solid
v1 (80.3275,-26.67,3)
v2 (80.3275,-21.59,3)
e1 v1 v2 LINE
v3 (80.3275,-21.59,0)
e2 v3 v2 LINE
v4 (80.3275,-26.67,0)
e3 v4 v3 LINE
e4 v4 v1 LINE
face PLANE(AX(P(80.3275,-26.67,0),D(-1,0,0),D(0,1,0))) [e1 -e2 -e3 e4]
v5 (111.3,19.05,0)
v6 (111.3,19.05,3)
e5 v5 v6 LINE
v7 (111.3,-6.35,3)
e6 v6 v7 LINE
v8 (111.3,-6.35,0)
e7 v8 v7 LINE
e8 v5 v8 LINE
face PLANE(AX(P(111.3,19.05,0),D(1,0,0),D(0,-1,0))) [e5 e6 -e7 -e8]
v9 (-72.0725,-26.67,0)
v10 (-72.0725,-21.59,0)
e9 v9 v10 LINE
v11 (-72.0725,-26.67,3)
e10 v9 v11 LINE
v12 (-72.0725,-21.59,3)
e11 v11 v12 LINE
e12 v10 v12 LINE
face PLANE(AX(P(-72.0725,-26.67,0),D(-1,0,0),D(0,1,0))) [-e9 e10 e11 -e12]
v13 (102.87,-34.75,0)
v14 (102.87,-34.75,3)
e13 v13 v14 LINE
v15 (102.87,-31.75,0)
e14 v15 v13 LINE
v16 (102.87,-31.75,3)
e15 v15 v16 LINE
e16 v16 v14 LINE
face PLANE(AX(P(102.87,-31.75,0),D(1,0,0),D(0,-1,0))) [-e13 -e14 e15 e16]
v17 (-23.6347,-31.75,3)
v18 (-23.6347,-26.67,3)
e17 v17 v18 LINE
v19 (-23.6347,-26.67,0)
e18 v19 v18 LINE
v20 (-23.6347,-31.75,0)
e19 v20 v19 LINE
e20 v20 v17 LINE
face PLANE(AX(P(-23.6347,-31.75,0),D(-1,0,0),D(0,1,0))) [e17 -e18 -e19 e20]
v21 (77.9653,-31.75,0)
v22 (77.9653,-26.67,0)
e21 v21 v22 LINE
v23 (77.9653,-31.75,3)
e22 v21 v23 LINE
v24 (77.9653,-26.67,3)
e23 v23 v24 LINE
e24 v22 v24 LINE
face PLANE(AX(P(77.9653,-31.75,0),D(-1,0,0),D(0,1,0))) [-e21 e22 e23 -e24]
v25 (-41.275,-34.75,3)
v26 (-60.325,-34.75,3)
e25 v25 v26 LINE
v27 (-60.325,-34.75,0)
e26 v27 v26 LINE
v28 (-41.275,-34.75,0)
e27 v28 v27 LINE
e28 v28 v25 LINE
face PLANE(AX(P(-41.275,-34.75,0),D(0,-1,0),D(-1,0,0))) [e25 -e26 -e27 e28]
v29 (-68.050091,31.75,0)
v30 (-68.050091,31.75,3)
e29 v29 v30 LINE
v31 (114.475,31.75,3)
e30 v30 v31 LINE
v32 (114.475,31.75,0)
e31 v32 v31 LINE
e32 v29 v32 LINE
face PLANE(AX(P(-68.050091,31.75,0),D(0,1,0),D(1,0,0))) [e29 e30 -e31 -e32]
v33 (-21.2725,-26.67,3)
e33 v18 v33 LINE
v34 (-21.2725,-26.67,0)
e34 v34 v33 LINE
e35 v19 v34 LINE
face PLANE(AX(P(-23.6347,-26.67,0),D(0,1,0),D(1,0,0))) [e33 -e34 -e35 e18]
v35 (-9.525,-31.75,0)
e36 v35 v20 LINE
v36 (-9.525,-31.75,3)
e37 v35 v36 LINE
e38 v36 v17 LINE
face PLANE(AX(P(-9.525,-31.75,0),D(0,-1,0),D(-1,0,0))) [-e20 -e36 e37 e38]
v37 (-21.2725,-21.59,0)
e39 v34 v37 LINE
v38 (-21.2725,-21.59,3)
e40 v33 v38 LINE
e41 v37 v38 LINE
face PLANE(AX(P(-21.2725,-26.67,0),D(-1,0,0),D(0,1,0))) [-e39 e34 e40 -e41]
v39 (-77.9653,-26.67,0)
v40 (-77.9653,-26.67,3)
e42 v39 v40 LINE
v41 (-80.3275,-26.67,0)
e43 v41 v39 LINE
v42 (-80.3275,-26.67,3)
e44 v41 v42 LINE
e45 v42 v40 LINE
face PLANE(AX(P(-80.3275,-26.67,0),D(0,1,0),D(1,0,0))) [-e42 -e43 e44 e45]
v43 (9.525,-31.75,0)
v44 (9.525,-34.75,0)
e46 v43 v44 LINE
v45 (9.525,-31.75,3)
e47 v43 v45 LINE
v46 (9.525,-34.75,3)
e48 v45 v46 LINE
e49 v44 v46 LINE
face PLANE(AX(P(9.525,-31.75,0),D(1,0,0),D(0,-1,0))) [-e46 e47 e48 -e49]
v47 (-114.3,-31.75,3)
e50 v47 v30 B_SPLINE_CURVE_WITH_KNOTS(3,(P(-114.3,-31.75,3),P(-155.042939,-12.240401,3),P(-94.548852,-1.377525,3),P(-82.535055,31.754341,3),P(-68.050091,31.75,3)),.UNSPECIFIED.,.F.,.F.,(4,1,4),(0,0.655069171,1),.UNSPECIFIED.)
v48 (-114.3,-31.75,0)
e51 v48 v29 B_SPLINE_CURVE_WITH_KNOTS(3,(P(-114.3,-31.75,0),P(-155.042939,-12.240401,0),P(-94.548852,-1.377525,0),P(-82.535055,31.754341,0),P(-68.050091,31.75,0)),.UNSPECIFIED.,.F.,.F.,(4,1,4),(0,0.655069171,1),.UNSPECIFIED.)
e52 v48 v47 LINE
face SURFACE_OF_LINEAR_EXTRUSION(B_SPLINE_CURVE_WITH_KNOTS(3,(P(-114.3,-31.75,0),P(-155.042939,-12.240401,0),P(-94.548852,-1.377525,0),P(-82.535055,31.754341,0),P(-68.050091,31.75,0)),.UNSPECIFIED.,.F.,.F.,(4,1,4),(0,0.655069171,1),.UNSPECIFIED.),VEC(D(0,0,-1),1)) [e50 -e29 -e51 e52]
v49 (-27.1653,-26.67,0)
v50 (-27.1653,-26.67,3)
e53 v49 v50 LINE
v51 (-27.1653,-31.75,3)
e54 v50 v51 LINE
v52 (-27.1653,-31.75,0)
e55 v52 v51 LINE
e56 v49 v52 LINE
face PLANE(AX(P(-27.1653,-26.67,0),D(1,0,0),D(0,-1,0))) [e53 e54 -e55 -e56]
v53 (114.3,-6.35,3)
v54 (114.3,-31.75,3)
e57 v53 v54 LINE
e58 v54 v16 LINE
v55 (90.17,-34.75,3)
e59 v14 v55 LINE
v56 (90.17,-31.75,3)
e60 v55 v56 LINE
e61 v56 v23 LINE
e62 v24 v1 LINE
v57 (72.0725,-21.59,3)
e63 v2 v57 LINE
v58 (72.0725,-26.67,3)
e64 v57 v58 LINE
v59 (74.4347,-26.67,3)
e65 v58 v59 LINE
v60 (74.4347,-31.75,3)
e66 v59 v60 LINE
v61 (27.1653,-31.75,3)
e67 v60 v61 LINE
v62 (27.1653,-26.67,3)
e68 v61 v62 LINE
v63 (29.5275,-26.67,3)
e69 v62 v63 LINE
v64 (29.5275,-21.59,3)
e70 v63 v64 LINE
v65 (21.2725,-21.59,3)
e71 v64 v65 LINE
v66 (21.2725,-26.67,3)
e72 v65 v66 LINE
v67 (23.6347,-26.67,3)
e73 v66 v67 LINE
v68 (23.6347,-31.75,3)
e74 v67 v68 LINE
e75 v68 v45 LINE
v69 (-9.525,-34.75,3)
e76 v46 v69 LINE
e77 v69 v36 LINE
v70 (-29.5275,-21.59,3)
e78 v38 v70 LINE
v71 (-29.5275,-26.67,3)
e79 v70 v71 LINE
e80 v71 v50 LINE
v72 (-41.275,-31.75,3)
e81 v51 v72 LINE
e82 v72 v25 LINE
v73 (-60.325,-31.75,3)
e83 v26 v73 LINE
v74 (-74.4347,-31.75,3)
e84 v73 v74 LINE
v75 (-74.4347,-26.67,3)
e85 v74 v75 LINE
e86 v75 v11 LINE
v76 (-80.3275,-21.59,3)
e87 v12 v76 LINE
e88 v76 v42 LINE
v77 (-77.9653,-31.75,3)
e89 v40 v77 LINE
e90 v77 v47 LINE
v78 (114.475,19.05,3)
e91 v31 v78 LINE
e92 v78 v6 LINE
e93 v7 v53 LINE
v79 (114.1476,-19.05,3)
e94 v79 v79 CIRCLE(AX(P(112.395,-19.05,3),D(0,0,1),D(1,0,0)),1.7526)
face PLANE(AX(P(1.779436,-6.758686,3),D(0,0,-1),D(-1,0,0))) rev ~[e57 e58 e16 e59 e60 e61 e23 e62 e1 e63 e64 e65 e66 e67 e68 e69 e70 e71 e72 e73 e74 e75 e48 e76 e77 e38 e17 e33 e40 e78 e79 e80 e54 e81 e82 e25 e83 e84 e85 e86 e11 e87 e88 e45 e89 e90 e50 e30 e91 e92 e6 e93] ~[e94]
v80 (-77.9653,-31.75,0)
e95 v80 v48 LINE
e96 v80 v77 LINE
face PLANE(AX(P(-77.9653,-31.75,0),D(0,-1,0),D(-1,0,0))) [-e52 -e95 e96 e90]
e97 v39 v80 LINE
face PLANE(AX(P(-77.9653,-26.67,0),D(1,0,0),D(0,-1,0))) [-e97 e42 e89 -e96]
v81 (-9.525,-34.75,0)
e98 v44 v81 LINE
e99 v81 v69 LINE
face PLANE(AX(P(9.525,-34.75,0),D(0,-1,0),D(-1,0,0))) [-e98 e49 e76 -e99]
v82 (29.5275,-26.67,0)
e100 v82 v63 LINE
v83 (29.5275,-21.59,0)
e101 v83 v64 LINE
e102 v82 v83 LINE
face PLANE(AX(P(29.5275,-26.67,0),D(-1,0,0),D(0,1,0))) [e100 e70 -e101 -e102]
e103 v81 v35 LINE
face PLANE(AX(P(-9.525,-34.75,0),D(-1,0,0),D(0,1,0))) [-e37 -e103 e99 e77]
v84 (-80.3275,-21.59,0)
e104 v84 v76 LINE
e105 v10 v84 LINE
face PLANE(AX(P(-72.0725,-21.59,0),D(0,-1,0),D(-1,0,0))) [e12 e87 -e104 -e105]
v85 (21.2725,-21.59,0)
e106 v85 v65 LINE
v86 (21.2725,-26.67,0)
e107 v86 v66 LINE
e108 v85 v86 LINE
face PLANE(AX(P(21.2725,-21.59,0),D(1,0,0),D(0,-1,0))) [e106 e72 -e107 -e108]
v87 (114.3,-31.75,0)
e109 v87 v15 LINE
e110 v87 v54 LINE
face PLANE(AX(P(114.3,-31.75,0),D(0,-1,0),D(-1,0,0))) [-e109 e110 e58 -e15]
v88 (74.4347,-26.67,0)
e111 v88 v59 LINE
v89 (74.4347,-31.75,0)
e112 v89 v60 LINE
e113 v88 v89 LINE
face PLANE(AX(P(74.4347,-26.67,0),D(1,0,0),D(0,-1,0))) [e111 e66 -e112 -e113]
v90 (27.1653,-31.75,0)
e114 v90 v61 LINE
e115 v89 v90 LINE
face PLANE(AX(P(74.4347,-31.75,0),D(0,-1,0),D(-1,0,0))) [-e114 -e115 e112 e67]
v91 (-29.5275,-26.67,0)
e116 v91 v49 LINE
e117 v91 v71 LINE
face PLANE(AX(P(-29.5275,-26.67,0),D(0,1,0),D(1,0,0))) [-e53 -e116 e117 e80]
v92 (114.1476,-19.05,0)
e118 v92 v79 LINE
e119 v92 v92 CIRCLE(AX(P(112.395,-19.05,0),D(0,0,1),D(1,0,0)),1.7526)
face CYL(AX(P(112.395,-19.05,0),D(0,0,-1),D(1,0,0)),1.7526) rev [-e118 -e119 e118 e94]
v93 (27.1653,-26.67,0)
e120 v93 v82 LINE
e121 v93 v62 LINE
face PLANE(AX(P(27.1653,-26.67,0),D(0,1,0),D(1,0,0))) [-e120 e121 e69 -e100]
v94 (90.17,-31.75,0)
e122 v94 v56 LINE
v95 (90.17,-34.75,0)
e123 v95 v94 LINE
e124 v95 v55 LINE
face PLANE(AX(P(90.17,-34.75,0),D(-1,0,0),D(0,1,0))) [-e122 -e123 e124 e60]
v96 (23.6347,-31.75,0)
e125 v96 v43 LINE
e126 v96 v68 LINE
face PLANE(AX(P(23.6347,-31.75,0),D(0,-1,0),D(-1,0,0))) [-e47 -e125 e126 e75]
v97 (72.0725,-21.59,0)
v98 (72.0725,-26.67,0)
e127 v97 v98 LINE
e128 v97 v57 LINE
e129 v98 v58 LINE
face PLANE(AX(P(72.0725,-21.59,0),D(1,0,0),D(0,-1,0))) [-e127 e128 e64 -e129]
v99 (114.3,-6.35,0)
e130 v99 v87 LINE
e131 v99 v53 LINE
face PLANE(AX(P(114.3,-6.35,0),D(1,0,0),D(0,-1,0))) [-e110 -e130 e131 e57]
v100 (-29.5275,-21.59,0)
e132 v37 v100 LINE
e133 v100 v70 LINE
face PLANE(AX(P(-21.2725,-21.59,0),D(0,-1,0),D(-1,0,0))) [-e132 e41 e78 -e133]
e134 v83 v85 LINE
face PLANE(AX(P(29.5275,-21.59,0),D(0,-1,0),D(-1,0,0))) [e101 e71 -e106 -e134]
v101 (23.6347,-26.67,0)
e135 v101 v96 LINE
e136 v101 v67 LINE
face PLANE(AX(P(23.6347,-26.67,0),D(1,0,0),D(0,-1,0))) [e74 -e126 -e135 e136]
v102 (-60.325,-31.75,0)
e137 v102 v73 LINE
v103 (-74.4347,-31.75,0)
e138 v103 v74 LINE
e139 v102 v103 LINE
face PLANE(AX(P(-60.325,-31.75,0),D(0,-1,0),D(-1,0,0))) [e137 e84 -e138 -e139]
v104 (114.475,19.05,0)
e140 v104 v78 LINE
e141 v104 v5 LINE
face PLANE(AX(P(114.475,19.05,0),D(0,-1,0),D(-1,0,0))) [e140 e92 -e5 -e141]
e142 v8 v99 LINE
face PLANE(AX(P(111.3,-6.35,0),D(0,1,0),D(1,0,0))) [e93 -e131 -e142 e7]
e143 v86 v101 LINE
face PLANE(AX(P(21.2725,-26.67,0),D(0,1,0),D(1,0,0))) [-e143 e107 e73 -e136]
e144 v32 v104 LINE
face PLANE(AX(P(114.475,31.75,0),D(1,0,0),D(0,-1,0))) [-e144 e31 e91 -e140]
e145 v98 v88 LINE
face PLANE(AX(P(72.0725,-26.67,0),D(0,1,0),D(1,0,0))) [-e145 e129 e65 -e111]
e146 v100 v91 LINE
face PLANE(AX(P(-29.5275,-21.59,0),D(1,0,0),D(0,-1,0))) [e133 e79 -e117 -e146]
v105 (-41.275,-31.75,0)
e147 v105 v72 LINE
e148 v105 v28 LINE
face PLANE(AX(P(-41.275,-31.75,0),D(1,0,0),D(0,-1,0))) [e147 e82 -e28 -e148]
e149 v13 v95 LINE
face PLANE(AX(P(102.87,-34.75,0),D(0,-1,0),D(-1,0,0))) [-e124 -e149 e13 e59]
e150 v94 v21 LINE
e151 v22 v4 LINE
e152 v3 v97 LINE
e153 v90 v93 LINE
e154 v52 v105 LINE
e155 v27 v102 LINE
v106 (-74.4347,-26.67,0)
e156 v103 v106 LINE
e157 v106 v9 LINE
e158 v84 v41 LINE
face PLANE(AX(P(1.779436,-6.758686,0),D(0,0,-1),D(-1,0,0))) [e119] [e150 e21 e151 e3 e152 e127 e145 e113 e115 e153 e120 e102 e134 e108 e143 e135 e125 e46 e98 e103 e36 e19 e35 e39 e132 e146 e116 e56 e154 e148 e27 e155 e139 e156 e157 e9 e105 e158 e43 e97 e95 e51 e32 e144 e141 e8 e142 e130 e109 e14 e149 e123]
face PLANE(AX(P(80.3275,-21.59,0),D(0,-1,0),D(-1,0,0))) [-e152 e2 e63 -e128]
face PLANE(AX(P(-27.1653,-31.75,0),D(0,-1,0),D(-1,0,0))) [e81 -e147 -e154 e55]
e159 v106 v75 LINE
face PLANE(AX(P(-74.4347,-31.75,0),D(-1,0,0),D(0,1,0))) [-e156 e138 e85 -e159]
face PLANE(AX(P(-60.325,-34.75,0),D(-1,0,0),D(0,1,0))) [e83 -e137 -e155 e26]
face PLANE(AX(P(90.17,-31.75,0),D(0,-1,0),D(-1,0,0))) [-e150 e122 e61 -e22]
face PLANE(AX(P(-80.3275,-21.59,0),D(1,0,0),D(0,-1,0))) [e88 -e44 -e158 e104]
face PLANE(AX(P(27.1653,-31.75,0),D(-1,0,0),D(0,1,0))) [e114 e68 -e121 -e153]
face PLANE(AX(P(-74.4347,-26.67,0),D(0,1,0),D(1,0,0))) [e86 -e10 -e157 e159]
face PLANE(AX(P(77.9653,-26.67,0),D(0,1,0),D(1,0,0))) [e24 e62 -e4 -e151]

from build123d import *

# Parameters (mm, degrees)
SKETCH1_R           = 1.7526
BOSS_EXTRUDE1_DEPTH = 3


with BuildPart() as part:
    # Sketch1 → Boss-Extrude1 (new body)
    with BuildSketch(Plane.XY):
        with BuildLine():
            Line((-68.050090825, 31.75), (111.125, 31.75))
            Line((111.125, 31.75), (114.475, 31.75))
            Line((114.475, 31.75), (114.475, 19.05))
            Line((114.475, 19.05), (111.3, 19.05))
            Line((111.3, 19.05), (111.3, -6.35))
            Line((111.3, -6.35), (114.3, -6.35))
            Line((114.3, -6.35), (114.3, -18.229405084))
            Line((114.3, -18.229405084), (114.3, -19.870594916))
            Line((114.3, -19.870594916), (114.3, -31.75))
            Line((114.3, -31.75), (111.125, -31.75))
            Line((111.125, -31.75), (102.87, -31.75))
            Line((102.87, -31.75), (102.87, -34.75))
            Line((102.87, -34.75), (90.17, -34.75))
            Line((90.17, -34.75), (90.17, -31.75))
            Line((90.17, -31.75), (88.19515, -31.75))
            Line((88.19515, -31.75), (77.9653, -31.75))
            Line((77.9653, -31.75), (77.9653, -26.67))
            Line((77.9653, -26.67), (80.3275, -26.67))
            Line((80.3275, -26.67), (80.3275, -21.59))
            Line((80.3275, -21.59), (72.0725, -21.59))
            Line((72.0725, -21.59), (72.0725, -26.67))
            Line((72.0725, -26.67), (74.4347, -26.67))
            Line((74.4347, -26.67), (74.4347, -31.75))
            Line((74.4347, -31.75), (27.1653, -31.75))
            Line((27.1653, -31.75), (27.1653, -26.67))
            Line((27.1653, -26.67), (29.5275, -26.67))
            Line((29.5275, -26.67), (29.5275, -21.59))
            Line((29.5275, -21.59), (21.2725, -21.59))
            Line((21.2725, -21.59), (21.2725, -26.67))
            Line((21.2725, -26.67), (23.6347, -26.67))
            Line((23.6347, -26.67), (23.6347, -31.75))
            Line((23.6347, -31.75), (9.525, -31.75))
            Line((9.525, -31.75), (9.525, -34.75))
            Line((9.525, -34.75), (-9.525, -34.75))
            Line((-9.525, -34.75), (-9.525, -31.75))
            Line((-9.525, -31.75), (-23.6347, -31.75))
            Line((-23.6347, -31.75), (-23.6347, -26.67))
            Line((-23.6347, -26.67), (-21.2725, -26.67))
            Line((-21.2725, -26.67), (-21.2725, -21.59))
            Line((-21.2725, -21.59), (-29.5275, -21.59))
            Line((-29.5275, -21.59), (-29.5275, -26.67))
            Line((-29.5275, -26.67), (-27.1653, -26.67))
            Line((-27.1653, -26.67), (-27.1653, -31.75))
            Line((-27.1653, -31.75), (-41.275, -31.75))
            Line((-41.275, -31.75), (-41.275, -34.75))
            Line((-41.275, -34.75), (-60.325, -34.75))
            Line((-60.325, -34.75), (-60.325, -31.75))
            Line((-60.325, -31.75), (-74.4347, -31.75))
            Line((-74.4347, -31.75), (-74.4347, -26.67))
            Line((-74.4347, -26.67), (-72.0725, -26.67))
            Line((-72.0725, -26.67), (-72.0725, -21.59))
            Line((-72.0725, -21.59), (-80.3275, -21.59))
            Line((-80.3275, -21.59), (-80.3275, -26.67))
            Line((-80.3275, -26.67), (-77.9653, -26.67))
            Line((-77.9653, -26.67), (-77.9653, -31.75))
            Line((-77.9653, -31.75), (-114.3, -31.75))
            add(Edge.make_bspline(
                [(-114.3, -31.75), (-155.042938789, -12.240400658), (-94.548851624, -1.377525337), (-82.535055103, 31.754341042), (-68.050090825, 31.75)],
                knots=[0, 0, 0, 0, 0.655069171, 1, 1, 1, 1], degree=3))
        make_face()
        with Locations((112.395, -19.05)):
            Circle(SKETCH1_R, mode=Mode.SUBTRACT)
    extrude(amount=BOSS_EXTRUDE1_DEPTH)


solid = part.part
